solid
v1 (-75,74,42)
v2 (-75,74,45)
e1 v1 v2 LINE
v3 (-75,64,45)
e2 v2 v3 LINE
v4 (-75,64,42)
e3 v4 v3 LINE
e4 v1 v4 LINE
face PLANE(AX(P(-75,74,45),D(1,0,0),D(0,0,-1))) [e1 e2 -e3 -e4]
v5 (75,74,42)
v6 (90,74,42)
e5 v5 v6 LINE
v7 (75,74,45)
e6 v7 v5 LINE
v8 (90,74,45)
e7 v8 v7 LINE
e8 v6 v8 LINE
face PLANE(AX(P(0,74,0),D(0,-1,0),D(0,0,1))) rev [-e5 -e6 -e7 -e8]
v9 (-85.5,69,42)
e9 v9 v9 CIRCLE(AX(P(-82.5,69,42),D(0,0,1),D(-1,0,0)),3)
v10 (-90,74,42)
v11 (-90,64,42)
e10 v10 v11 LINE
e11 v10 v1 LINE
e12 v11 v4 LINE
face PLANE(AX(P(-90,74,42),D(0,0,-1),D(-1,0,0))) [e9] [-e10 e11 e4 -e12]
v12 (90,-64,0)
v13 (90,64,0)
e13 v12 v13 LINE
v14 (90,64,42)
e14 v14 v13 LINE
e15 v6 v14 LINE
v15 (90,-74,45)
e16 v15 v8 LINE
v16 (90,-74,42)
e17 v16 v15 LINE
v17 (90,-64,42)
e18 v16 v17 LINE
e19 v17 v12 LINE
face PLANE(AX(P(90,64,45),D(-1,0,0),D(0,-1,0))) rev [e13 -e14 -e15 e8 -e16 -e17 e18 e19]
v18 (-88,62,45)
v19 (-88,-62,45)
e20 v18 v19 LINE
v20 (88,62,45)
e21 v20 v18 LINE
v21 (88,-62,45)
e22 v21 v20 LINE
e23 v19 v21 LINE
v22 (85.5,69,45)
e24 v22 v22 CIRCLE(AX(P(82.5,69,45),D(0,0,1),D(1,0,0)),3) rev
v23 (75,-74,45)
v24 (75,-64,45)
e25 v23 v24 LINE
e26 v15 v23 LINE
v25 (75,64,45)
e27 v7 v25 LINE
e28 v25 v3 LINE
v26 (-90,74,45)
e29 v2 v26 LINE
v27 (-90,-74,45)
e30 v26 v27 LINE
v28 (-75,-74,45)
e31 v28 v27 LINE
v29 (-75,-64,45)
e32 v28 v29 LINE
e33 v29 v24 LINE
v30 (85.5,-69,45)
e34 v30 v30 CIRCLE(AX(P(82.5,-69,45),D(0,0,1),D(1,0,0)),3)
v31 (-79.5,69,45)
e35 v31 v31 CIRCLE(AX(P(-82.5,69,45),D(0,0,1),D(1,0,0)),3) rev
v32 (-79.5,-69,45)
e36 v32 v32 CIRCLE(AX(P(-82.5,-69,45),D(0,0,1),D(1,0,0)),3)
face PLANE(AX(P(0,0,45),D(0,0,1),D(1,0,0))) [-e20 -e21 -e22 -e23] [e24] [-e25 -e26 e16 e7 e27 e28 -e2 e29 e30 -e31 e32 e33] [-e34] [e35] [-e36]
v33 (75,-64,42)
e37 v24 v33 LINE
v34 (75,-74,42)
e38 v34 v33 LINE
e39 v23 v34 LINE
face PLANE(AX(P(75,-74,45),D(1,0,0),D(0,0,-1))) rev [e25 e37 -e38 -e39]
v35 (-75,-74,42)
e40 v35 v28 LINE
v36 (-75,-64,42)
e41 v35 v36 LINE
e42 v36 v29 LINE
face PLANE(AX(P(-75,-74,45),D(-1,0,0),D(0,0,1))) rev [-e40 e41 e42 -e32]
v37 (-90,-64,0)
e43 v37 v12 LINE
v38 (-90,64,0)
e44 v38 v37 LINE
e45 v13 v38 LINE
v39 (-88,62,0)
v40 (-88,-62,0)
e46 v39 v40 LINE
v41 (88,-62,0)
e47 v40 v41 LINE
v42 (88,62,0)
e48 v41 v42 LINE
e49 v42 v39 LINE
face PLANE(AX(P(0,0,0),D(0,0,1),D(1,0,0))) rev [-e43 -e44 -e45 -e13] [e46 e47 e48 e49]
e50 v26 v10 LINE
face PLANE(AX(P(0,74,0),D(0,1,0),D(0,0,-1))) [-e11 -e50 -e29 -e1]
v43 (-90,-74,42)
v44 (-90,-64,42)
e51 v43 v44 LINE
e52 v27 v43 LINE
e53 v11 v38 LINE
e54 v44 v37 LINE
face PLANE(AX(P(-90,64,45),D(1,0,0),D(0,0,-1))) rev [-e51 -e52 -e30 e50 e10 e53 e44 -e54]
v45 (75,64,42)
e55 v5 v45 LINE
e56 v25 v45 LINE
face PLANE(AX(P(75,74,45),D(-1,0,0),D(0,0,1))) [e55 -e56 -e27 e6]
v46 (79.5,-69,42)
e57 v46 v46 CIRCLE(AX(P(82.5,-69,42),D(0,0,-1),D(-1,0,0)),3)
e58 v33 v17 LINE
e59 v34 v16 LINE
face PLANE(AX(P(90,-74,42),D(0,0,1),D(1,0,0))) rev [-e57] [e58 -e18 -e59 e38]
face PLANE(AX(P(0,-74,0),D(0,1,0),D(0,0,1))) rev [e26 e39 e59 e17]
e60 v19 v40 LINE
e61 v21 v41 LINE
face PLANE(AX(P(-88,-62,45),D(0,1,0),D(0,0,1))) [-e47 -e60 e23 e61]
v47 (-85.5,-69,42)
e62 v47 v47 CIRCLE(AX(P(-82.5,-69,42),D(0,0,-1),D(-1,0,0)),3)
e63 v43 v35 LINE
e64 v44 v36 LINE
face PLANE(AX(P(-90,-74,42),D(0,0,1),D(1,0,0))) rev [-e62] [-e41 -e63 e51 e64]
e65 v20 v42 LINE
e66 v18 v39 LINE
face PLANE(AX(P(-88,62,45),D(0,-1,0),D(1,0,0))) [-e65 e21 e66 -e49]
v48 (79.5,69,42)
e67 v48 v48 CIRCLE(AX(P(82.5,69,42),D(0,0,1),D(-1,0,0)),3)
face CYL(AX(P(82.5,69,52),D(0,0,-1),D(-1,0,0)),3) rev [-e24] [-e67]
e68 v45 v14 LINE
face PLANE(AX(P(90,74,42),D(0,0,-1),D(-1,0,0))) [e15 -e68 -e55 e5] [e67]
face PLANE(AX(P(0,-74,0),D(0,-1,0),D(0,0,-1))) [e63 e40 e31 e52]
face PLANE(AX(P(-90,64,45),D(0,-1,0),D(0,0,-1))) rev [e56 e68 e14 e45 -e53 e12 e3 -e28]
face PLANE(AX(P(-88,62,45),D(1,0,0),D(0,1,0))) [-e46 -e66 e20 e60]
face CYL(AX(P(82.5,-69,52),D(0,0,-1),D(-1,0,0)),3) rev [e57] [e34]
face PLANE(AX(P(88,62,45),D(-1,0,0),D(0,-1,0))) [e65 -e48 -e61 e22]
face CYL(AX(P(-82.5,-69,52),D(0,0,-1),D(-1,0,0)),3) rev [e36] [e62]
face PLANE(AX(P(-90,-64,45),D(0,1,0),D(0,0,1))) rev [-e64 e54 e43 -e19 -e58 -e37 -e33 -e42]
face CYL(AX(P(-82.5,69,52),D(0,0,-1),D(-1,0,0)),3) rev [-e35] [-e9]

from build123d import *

# Parameters (mm, degrees)
SKETCH_1_W          = 180
SKETCH_1_H          = 128
SKETCH_1_W_2        = 176
SKETCH_1_H_2        = 124
EXTRUDE_1_DEPTH     = 45
SKETCH_2_W          = 15
SKETCH_2_H          = 3
EXTRUDE_2_DEPTH     = 10
SKETCH_3_R          = 3
CUT_EXTRUDE_1_DEPTH = 10


with BuildPart() as part:
    # 草圖1 → 填料-伸長1 (new body)
    with BuildSketch(Plane.XY):
        Rectangle(SKETCH_1_W, SKETCH_1_H)
        Rectangle(SKETCH_1_W_2, SKETCH_1_H_2, mode=Mode.SUBTRACT)
    extrude(amount=EXTRUDE_1_DEPTH)

    # 草圖2 → 填料-伸長2 (add)
    with BuildSketch(Plane.XZ.offset(64)):
        with Locations((82.5, 43.5)):
            Rectangle(SKETCH_2_W, SKETCH_2_H)
        with Locations((-82.5, 43.5)):
            Rectangle(SKETCH_2_W, SKETCH_2_H)
    extrude_2 = extrude(amount=EXTRUDE_2_DEPTH)

    # 草圖3 → 除料-伸長1 (cut)
    with BuildSketch(Plane(origin=(0, 0, 42), x_dir=(-1, 0, 0), z_dir=(0, 0, -1))):
        with Locations((-82.5, -69)):
            Circle(SKETCH_3_R)
        with Locations((82.5, -69)):
            Circle(SKETCH_3_R)
    cut_extrude_1 = extrude(amount=-CUT_EXTRUDE_1_DEPTH, mode=Mode.SUBTRACT)

    # 鏡射1: 填料-伸長2 across plane
    add(extrude_2.mirror(Plane.ZX))

    # 鏡射3: 除料-伸長1 across plane
    add(cut_extrude_1.mirror(Plane.ZX), mode=Mode.SUBTRACT)


solid = part.part
